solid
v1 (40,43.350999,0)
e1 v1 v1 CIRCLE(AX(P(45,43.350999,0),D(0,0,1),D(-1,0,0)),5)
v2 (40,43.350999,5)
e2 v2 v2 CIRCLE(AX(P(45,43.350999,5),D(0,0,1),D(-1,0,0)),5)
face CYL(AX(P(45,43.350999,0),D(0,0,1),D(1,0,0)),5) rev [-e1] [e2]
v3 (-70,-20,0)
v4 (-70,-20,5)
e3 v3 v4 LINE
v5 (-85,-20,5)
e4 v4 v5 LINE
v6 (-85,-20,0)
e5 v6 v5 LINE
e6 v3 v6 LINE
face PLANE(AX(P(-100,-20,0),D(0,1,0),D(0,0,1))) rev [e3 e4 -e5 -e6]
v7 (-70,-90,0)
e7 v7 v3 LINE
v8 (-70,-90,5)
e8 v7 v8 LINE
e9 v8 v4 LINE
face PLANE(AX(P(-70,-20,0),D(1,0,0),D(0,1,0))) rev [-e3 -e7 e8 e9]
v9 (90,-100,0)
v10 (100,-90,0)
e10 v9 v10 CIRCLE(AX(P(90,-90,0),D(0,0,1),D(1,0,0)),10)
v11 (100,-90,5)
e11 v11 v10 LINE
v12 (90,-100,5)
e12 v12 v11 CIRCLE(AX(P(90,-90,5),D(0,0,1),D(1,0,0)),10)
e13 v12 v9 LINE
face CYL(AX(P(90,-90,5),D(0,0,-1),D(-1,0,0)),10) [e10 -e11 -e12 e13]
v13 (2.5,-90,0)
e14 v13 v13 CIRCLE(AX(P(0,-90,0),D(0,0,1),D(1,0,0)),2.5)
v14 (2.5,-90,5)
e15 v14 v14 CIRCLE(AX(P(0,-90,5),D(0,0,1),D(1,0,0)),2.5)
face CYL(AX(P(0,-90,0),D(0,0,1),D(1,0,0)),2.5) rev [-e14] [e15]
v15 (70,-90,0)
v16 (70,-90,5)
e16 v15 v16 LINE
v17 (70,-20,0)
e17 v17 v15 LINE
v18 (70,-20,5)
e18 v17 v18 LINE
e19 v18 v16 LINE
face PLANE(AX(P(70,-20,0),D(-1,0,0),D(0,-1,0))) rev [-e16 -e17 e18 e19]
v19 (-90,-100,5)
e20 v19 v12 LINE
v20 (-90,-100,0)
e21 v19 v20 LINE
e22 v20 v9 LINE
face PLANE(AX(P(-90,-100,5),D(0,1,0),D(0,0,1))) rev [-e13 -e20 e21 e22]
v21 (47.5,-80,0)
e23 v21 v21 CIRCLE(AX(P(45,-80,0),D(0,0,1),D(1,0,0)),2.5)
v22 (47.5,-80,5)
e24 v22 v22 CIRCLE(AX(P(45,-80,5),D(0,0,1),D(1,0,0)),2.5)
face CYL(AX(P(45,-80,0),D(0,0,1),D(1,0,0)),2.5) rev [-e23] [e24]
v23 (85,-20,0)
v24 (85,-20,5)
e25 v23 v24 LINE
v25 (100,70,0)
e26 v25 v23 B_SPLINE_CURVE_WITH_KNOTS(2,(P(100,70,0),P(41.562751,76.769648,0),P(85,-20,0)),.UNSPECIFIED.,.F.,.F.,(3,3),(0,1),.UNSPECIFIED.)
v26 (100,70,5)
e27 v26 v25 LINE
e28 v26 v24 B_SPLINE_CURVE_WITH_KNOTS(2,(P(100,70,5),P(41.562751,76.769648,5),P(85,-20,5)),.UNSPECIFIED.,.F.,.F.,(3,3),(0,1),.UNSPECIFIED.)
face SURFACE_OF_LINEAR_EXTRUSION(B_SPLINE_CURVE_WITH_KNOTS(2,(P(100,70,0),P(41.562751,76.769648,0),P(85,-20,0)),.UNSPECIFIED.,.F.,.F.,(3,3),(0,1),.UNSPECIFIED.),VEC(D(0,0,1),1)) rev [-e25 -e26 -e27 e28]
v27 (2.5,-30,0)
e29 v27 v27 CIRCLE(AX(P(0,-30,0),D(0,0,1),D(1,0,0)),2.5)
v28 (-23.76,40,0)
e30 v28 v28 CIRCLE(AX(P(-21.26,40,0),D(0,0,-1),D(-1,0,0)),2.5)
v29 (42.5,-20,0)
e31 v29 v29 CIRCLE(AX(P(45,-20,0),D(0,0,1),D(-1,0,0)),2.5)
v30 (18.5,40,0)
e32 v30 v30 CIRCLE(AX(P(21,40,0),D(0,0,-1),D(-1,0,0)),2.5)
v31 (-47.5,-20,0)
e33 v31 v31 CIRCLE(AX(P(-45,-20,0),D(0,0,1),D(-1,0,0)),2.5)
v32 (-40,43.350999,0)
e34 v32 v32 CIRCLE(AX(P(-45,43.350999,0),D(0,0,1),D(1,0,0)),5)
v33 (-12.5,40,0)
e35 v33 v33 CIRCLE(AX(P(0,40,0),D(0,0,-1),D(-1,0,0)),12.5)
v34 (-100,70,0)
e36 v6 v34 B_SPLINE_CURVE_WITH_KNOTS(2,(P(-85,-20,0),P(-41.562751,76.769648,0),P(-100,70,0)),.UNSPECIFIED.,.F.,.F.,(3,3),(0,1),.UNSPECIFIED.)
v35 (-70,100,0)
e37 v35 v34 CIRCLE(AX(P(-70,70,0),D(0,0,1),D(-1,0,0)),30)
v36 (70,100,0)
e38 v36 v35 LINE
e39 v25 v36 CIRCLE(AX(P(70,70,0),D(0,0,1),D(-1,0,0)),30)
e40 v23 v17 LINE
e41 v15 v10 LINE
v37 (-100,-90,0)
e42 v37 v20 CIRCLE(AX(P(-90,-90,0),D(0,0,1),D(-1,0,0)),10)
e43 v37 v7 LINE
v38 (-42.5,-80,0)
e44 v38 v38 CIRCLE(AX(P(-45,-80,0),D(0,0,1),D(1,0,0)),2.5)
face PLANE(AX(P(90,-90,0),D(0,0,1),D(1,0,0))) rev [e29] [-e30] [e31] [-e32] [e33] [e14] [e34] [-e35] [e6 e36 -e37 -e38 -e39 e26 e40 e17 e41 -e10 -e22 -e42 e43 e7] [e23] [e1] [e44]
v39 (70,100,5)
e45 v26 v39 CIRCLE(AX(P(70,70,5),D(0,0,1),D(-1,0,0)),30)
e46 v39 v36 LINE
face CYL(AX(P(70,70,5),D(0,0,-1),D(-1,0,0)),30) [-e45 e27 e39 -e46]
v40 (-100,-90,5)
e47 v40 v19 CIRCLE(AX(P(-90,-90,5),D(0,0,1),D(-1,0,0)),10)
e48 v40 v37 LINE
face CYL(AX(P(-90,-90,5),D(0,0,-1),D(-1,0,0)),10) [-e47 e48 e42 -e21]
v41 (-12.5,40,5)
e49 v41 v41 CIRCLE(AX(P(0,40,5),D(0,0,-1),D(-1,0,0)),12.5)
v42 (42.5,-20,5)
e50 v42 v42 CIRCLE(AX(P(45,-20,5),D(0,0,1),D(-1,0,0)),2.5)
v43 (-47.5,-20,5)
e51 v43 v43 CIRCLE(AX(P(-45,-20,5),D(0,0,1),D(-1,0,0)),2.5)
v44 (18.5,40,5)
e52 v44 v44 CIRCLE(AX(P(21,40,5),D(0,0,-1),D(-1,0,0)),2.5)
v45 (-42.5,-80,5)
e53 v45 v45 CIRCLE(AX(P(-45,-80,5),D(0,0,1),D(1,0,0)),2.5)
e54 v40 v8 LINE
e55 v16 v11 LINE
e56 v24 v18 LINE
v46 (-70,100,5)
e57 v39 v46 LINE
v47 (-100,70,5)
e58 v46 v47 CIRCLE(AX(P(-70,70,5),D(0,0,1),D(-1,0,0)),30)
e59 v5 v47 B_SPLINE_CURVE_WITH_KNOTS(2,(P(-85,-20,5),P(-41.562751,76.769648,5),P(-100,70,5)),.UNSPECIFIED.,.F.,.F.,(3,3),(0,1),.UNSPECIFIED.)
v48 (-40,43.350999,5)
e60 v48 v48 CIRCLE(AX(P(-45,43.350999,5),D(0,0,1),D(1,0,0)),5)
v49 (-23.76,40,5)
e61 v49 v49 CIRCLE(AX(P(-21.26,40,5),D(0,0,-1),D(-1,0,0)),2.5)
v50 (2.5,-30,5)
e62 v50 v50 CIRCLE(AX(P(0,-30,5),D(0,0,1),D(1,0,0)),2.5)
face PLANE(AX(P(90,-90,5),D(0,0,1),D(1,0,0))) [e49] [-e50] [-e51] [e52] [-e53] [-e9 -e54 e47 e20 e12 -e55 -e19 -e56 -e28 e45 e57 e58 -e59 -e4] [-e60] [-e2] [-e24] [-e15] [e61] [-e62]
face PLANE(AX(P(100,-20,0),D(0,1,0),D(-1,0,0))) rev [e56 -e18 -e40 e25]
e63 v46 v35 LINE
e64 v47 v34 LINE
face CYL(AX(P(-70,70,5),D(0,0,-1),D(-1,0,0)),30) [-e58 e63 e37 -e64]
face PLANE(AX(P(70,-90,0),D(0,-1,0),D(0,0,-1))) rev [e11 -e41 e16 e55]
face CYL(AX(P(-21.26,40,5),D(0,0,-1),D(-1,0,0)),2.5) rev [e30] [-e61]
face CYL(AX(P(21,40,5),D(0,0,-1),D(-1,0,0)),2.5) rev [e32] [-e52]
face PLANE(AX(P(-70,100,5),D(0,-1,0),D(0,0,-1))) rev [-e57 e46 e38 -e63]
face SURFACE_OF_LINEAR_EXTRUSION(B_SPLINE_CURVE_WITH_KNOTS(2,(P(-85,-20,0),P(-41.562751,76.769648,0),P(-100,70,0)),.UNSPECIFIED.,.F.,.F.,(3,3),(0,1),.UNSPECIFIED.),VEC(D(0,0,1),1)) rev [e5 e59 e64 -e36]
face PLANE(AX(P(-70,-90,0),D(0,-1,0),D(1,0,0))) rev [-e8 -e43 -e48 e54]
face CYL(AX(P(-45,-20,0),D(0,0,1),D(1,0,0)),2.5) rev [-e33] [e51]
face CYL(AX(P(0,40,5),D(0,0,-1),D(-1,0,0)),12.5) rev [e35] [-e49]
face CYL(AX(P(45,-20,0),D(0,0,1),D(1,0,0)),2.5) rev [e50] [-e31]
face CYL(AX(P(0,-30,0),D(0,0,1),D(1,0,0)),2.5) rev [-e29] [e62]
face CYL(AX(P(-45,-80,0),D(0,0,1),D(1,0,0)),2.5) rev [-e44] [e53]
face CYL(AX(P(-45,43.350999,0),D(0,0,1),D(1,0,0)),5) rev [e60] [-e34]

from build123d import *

# Parameters (mm, degrees)
BOSS_EXTRUDE1_DEPTH = 5
SKETCH2_W           = 30
SKETCH2_H           = 70
CUT_EXTRUDE1_DEPTH  = 5
CUT_EXTRUDE2_DEPTH  = 5
SKETCH5_R           = 2.5
SKETCH5_R_2         = 5
CUT_EXTRUDE3_DEPTH  = 5
SKETCH6_R           = 2.5
CUT_EXTRUDE4_DEPTH  = 5
SKETCH7_R           = 12.5
SKETCH7_R_2         = 2.5
CUT_EXTRUDE5_DEPTH  = 5


with BuildPart() as part:
    # Sketch1 → Boss-Extrude1 (new body)
    with BuildSketch(Plane.XY):
        with BuildLine():
            Line((-90, -100), (90, -100))
            ThreePointArc((90, -100), (97.071067812, -97.071067812), (100, -90))
            Line((100, -90), (100, 70))
            ThreePointArc((100, 70), (91.213203436, 91.213203436), (70, 100))
            Line((70, 100), (-70, 100))
            ThreePointArc((-70, 100), (-91.213203436, 91.213203436), (-100, 70))
            Line((-100, 70), (-100, -90))
            ThreePointArc((-100, -90), (-97.071067812, -97.071067812), (-90, -100))
        make_face()
    extrude(amount=BOSS_EXTRUDE1_DEPTH)

    # Sketch2 → Cut-Extrude1 (cut)
    with BuildSketch(Plane.XY.offset(5)):
        with Locations((85, -55)):
            Rectangle(SKETCH2_W, SKETCH2_H)
        with Locations((-85, -55)):
            Rectangle(SKETCH2_W, SKETCH2_H)
    extrude(amount=-CUT_EXTRUDE1_DEPTH, mode=Mode.SUBTRACT)

    # Sketch3 → Cut-Extrude2 (cut)
    with BuildSketch(Plane.XY.offset(5)):
        with BuildLine():
            Line((85, -20), (100, -20))
            Line((100, -20), (100, 70))
            add(Edge.make_bspline(
                [(100, 70), (41.562750789, 76.769648156), (85, -20)],
                knots=[0, 0, 0, 1, 1, 1], degree=2))
        make_face()
        with BuildLine():
            Line((-85, -20), (-100, -20))
            Line((-100, -20), (-100, 70))
            add(Edge.make_bspline(
                [(-100, 70), (-41.562750789, 76.769648156), (-85, -20)],
                knots=[0, 0, 0, 1, 1, 1], degree=2))
        make_face()
    extrude(amount=-CUT_EXTRUDE2_DEPTH, mode=Mode.SUBTRACT)

    # Sketch5 → Cut-Extrude3 (cut)
    with BuildSketch(Plane.XY.offset(5)):
        with Locations((45, -80)):
            Circle(SKETCH5_R)
        with Locations((-45, -80)):
            Circle(SKETCH5_R)
        with Locations(Location((45, -20, 0), (0, 0, 180))):
            Circle(SKETCH5_R)
        with Locations(Location((-45, -20, 0), (0, 0, 180))):
            Circle(SKETCH5_R)
        with Locations((-45, 43.350998567)):
            Circle(SKETCH5_R_2)
        with Locations(Location((45, 43.350998567, 0), (0, 0, 180))):
            Circle(SKETCH5_R_2)
        with Locations((0, -30)):
            Circle(SKETCH5_R)
    extrude(amount=-CUT_EXTRUDE3_DEPTH, mode=Mode.SUBTRACT)

    # Sketch6 → Cut-Extrude4 (cut)
    with BuildSketch(Plane.XY.offset(5)):
        with Locations((0, -90)):
            Circle(SKETCH6_R)
    extrude(amount=-CUT_EXTRUDE4_DEPTH, mode=Mode.SUBTRACT)

    # Sketch7 → Cut-Extrude5 (cut)
    with BuildSketch(Plane(origin=(0, 0, 0), x_dir=(-1, 0, 0), z_dir=(0, 0, -1))):
        with Locations((0, 40)):
            Circle(SKETCH7_R)
        with Locations((-21, 40)):
            Circle(SKETCH7_R_2)
        with Locations((21.26, 40)):
            Circle(SKETCH7_R_2)
    extrude(amount=-CUT_EXTRUDE5_DEPTH, mode=Mode.SUBTRACT)


solid = part.part
